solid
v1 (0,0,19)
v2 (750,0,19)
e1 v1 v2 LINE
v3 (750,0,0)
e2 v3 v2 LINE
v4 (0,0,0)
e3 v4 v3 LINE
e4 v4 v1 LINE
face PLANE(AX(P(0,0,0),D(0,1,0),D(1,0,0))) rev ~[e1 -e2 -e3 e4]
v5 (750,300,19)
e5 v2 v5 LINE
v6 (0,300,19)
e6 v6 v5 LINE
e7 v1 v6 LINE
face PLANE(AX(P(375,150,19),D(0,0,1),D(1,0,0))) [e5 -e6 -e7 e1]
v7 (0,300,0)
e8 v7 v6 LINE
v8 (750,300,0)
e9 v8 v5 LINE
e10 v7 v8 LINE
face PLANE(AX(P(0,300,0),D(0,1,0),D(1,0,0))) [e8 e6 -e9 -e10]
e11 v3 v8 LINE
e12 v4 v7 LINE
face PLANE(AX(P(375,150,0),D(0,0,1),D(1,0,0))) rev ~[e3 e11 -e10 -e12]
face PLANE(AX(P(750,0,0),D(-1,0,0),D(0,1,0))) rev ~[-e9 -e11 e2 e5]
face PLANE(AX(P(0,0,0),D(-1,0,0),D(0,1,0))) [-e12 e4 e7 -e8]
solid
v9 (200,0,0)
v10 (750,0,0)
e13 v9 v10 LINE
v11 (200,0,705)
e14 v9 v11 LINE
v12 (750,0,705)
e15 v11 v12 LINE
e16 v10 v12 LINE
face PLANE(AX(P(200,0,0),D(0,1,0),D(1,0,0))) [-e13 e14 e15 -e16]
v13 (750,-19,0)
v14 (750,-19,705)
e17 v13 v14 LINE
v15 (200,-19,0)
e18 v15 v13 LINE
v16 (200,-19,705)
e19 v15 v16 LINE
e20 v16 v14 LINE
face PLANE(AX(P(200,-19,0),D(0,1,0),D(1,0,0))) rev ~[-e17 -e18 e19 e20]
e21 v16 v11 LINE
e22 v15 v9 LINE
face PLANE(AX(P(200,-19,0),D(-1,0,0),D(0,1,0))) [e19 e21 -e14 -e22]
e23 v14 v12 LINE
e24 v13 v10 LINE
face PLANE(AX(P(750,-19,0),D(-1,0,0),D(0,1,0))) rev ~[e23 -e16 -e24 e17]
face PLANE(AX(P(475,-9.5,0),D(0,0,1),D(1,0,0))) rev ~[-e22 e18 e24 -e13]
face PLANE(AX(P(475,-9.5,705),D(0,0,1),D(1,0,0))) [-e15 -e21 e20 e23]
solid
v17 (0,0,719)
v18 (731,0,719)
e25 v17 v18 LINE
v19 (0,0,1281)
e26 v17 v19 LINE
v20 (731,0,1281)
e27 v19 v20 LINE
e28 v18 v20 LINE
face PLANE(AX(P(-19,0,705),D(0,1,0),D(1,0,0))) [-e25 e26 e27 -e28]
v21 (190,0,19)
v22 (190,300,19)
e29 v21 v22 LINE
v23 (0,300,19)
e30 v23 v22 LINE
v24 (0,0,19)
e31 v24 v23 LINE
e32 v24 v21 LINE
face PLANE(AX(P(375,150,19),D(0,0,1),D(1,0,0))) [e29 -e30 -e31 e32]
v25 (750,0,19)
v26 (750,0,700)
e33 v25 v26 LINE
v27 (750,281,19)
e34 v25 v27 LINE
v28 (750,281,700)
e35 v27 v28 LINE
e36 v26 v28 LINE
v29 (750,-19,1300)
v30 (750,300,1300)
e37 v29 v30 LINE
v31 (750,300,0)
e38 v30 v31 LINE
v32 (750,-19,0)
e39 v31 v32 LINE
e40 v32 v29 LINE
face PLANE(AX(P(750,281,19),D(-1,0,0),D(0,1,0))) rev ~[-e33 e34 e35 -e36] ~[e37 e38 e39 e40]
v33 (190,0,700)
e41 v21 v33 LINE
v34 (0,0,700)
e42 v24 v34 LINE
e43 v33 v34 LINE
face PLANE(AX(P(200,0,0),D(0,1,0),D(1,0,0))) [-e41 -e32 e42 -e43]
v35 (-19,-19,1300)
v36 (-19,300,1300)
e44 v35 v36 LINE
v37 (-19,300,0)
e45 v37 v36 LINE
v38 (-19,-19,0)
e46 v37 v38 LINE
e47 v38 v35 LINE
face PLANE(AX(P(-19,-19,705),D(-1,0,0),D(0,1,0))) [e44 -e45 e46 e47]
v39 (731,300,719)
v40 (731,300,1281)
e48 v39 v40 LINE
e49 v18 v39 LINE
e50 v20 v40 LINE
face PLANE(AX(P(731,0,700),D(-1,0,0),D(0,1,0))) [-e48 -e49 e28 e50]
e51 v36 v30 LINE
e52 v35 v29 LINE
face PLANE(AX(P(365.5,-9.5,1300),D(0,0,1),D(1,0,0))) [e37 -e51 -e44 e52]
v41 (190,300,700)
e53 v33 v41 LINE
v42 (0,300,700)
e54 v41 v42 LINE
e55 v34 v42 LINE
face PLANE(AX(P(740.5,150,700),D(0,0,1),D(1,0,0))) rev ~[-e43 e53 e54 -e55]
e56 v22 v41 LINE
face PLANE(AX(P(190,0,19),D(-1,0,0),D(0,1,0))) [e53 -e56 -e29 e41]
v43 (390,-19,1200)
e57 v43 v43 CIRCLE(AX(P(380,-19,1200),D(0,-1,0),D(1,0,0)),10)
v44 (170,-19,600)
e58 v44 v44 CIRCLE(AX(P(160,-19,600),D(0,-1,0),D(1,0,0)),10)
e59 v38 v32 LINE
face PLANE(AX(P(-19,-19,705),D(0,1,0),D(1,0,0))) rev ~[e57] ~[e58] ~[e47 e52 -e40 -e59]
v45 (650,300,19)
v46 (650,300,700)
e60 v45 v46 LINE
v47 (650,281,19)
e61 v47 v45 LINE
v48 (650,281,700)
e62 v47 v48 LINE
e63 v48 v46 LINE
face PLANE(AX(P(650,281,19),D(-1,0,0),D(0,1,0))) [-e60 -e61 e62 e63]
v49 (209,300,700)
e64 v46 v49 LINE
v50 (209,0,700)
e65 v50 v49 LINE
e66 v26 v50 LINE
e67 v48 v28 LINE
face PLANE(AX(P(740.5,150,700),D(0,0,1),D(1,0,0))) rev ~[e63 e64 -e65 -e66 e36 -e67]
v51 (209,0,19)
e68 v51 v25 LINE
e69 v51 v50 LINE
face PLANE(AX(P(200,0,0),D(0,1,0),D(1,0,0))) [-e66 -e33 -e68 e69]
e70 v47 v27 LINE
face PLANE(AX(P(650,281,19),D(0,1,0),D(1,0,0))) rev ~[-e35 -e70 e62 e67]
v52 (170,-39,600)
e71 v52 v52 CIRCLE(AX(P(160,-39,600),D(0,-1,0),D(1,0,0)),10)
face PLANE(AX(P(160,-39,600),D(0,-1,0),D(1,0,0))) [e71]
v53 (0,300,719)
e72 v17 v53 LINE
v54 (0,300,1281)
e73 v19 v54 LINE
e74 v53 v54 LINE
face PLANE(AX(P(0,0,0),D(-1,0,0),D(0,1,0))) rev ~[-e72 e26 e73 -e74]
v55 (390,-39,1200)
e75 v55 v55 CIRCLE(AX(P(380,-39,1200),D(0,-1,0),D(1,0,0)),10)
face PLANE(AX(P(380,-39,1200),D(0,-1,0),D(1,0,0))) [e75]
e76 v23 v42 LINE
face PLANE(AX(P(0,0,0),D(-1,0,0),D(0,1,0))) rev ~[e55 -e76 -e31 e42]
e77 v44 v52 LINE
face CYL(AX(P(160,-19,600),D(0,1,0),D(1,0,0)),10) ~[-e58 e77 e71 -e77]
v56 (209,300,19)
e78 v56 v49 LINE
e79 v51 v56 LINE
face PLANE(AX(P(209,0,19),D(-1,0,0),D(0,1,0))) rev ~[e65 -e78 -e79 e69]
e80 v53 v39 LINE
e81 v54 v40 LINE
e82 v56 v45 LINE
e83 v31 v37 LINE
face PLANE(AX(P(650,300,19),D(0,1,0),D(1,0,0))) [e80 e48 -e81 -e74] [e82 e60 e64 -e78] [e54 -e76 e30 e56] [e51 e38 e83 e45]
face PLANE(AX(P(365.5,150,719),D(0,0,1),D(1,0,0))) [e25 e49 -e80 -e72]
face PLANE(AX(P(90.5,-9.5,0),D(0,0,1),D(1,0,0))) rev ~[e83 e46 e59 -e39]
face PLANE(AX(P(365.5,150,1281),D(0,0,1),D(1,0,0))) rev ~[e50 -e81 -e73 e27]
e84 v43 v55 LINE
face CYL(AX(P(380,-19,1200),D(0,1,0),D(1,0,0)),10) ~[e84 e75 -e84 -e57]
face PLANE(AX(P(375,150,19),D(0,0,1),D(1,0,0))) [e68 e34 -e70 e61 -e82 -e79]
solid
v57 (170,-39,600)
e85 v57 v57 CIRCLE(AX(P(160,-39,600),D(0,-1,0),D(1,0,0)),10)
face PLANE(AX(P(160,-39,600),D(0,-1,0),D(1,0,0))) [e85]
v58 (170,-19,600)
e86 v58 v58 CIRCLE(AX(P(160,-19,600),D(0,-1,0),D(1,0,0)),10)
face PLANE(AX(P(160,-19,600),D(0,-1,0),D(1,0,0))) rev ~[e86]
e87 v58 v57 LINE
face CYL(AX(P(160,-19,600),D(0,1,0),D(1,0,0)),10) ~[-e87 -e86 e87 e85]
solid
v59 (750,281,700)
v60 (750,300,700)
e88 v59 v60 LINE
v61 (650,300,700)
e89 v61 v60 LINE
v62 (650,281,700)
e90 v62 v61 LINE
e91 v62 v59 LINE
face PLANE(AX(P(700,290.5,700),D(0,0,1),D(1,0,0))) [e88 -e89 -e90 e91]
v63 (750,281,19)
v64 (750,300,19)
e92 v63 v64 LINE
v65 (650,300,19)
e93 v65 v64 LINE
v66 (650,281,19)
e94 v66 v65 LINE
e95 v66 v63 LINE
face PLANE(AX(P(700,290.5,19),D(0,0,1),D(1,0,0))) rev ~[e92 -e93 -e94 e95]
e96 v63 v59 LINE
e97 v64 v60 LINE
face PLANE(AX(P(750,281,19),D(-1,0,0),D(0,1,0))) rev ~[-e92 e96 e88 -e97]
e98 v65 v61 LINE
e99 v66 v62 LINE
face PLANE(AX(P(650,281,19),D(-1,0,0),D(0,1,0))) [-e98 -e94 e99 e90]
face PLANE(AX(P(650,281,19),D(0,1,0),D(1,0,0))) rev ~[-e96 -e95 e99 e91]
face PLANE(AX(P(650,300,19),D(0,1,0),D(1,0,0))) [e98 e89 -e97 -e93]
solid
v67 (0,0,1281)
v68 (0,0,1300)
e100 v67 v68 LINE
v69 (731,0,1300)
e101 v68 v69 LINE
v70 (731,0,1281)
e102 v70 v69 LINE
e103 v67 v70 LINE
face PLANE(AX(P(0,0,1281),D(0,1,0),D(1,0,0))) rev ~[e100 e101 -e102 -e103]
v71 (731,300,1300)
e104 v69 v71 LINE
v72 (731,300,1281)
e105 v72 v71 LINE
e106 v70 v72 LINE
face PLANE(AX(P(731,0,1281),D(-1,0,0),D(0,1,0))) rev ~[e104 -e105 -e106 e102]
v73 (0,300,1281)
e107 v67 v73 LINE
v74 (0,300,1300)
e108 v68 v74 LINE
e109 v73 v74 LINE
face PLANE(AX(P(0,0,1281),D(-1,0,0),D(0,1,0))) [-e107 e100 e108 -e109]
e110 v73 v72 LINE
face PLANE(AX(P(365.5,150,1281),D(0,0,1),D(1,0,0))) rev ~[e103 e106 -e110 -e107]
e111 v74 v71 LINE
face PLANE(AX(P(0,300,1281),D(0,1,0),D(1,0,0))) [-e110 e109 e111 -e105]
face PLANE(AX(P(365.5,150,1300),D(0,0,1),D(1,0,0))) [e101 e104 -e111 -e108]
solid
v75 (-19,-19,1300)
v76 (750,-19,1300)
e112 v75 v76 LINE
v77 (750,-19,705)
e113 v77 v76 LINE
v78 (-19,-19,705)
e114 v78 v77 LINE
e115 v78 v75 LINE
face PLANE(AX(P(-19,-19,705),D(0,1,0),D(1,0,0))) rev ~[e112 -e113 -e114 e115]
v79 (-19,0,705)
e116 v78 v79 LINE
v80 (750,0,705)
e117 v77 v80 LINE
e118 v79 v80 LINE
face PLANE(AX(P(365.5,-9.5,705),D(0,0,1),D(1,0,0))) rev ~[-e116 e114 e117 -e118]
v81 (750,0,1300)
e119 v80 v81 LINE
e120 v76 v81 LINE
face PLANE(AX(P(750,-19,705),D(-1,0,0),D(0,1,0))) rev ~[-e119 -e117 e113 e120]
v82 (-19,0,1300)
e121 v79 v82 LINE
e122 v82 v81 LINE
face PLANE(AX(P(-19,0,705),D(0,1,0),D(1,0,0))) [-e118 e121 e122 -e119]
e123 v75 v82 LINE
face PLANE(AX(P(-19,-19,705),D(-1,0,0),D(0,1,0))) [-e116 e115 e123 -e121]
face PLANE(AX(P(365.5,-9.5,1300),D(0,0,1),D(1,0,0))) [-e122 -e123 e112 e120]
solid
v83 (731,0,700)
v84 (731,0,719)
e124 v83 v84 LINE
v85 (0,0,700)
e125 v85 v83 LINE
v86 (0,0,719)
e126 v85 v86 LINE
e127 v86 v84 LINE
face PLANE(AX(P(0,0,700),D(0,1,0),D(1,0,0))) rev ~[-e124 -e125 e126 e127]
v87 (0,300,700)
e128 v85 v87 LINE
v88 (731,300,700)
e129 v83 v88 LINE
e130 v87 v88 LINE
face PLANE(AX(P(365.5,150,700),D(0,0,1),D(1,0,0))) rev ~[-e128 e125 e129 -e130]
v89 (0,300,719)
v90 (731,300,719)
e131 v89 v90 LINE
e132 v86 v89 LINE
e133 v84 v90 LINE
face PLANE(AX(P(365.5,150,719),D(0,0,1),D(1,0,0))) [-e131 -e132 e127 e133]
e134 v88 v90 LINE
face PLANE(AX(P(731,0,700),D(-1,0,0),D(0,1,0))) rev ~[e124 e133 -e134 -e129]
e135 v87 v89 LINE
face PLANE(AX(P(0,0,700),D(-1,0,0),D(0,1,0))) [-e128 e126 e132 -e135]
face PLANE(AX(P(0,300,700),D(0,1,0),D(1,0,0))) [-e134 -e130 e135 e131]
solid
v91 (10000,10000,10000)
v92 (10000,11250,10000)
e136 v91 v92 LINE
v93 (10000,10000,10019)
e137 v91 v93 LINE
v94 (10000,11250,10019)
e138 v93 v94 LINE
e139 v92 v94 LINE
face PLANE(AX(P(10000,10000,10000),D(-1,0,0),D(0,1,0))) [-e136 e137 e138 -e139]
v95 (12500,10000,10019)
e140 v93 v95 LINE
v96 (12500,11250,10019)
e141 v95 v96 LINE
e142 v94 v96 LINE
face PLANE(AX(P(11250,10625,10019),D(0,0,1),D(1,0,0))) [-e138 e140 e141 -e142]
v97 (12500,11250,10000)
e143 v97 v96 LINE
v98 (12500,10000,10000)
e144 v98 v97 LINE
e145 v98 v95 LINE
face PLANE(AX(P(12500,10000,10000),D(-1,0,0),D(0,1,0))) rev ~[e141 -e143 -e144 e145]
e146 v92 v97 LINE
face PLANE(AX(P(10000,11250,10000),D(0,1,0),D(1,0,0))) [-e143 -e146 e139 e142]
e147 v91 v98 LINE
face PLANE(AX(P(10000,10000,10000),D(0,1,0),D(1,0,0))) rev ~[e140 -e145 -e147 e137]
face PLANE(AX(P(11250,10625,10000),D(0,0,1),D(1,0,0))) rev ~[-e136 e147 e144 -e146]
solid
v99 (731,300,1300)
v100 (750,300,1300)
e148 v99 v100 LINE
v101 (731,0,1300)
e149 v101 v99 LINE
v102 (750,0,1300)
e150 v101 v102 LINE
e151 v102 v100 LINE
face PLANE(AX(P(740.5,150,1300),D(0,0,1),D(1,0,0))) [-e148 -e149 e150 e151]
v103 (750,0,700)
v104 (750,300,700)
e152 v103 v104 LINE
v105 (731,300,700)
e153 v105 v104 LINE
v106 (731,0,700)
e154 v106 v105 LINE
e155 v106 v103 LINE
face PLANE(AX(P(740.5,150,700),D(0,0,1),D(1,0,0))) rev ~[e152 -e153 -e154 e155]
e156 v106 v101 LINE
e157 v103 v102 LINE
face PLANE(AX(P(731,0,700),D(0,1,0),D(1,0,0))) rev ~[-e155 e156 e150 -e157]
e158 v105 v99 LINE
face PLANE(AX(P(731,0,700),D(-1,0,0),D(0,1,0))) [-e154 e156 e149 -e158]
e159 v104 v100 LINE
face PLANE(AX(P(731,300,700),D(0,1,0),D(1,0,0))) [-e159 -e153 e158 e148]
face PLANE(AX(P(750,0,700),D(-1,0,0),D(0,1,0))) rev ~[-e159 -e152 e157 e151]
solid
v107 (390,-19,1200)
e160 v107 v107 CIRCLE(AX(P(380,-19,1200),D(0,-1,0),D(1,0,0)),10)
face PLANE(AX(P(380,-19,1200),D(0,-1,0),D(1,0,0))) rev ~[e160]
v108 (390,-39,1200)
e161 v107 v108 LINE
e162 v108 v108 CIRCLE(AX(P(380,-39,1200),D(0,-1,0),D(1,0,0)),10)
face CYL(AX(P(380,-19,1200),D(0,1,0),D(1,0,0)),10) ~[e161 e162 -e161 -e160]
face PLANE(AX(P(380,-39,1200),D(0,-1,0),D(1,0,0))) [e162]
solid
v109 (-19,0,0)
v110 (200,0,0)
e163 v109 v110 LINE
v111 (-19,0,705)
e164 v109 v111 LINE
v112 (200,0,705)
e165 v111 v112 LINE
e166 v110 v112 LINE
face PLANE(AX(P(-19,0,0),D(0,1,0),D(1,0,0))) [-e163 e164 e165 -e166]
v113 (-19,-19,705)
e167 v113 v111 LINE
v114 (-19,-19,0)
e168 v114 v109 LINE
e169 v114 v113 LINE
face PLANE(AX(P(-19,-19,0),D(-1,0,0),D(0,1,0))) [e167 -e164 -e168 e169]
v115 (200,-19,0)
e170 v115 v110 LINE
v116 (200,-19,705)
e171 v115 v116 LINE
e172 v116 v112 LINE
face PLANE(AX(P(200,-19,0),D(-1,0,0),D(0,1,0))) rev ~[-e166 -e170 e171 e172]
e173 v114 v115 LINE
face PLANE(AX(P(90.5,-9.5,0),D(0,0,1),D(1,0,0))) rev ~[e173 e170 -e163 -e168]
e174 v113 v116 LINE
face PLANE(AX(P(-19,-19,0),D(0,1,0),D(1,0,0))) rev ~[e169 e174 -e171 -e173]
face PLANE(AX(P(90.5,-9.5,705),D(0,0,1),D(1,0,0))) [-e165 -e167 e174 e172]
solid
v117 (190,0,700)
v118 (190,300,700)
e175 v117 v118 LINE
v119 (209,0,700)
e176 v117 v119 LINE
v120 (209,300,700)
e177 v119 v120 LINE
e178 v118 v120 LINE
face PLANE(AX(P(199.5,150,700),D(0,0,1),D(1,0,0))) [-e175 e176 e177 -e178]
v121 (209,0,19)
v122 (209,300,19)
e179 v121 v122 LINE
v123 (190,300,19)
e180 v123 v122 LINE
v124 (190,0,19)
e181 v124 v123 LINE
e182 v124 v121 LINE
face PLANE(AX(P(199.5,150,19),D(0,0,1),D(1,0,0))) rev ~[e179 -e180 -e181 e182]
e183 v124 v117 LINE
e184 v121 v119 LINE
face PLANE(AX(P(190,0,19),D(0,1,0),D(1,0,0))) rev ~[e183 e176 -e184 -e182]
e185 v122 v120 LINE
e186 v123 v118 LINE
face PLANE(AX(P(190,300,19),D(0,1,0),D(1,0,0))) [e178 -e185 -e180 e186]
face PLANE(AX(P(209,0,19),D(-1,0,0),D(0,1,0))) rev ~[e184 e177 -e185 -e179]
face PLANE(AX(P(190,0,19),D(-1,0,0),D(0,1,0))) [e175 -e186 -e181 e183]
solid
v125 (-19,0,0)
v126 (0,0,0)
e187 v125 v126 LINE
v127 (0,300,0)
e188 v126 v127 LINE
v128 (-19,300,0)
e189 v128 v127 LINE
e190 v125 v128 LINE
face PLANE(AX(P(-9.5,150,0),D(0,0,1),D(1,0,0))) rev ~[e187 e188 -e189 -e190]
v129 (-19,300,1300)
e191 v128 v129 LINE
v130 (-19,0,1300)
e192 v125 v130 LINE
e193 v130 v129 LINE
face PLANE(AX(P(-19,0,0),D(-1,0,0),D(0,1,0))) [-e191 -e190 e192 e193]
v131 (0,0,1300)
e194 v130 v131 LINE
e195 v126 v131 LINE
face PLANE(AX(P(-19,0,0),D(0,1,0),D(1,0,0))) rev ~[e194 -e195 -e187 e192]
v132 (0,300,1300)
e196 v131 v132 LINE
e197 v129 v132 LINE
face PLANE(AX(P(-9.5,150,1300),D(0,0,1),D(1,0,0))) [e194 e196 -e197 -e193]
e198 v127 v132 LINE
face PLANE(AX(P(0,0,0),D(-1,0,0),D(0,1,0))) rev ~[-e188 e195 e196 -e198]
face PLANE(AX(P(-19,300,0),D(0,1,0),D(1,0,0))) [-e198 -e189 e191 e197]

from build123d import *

# Parameters (mm, degrees)
BOX_W                  = 750
BOX_H                  = 300
BOX_DEPTH              = 19
BOX001_W               = 731
BOX001_H               = 300
BOX001_DEPTH           = 19
BOX002_W               = 731
BOX002_H               = 300
BOX002_DEPTH           = 19
BOX003_W               = 19
BOX003_H               = 300
BOX003_DEPTH           = 1300
BOX004_W               = 19
BOX004_H               = 300
BOX004_DEPTH           = 600
BOX005_W               = 550
BOX005_H               = 19
BOX005_DEPTH           = 705
BOX006_W               = 219
BOX006_H               = 19
BOX006_DEPTH           = 705
BOX007_W               = 19
BOX007_H               = 300
BOX007_DEPTH           = 681
BOX008_W               = 769
BOX008_H               = 19
BOX008_DEPTH           = 595
BOX009_W               = 100
BOX009_H               = 19
BOX009_DEPTH           = 681
CYLINDER_R             = 10
CYLINDER_DEPTH         = 20
CYLINDER_ROLL_ANGLE    = 90
CYLINDER001_R          = 10
CYLINDER001_DEPTH      = 20
CYLINDER001_ROLL_ANGLE = 90
BOX011_W               = 731
BOX011_H               = 300
BOX011_DEPTH           = 19
BOX012_W               = 731
BOX012_H               = 300
BOX012_DEPTH           = 19
BOX013_W               = 19
BOX013_H               = 300
BOX013_DEPTH           = 1300
BOX014_W               = 19
BOX014_H               = 300
BOX014_DEPTH           = 600
BOX015_W               = 550
BOX015_H               = 19
BOX015_DEPTH           = 705
BOX016_W               = 219
BOX016_H               = 19
BOX016_DEPTH           = 705
BOX017_W               = 19
BOX017_H               = 300
BOX017_DEPTH           = 681
BOX018_W               = 769
BOX018_H               = 19
BOX018_DEPTH           = 595
BOX019_W               = 100
BOX019_H               = 19
BOX019_DEPTH           = 681
CYLINDER002_R          = 10
CYLINDER002_DEPTH      = 20
CYLINDER002_ROLL_ANGLE = 90
CYLINDER003_R          = 10
CYLINDER003_DEPTH      = 20
CYLINDER003_ROLL_ANGLE = 90
BOX010_W               = 750
BOX010_H               = 300
BOX010_DEPTH           = 19
BOX020_W               = 2500
BOX020_H               = 1250
BOX020_DEPTH           = 19


with BuildPart() as boden:
    # Box → Box (new body)
    with BuildSketch(Plane.XY):
        with Locations((375, 150)):
            Rectangle(BOX_W, BOX_H)
    extrude(amount=BOX_DEPTH)


with BuildPart() as mittelebene:
    # Box001 → Box001 (new body)
    with BuildSketch(Plane.XY.offset(700)):
        with Locations((365.5, 150)):
            Rectangle(BOX001_W, BOX001_H)
    extrude(amount=BOX001_DEPTH)


with BuildPart() as deckel:
    # Box002 → Box002 (new body)
    with BuildSketch(Plane.XY.offset(1281)):
        with Locations((365.5, 150)):
            Rectangle(BOX002_W, BOX002_H)
    extrude(amount=BOX002_DEPTH)


with BuildPart() as seiteli:
    # Box003 → Box003 (new body)
    with BuildSketch(Plane(origin=(-19, 0, 0), x_dir=(1, 0, 0), z_dir=(0, 0, 1))):
        with Locations((9.5, 150)):
            Rectangle(BOX003_W, BOX003_H)
    extrude(amount=BOX003_DEPTH)


with BuildPart() as seitere:
    # Box004 → Box004 (new body)
    with BuildSketch(Plane(origin=(731, 0, 700), x_dir=(1, 0, 0), z_dir=(0, 0, 1))):
        with Locations((9.5, 150)):
            Rectangle(BOX004_W, BOX004_H)
    extrude(amount=BOX004_DEPTH)


with BuildPart() as abdeckungvo:
    # Box005 → Box005 (new body)
    with BuildSketch(Plane(origin=(200, -19, 0), x_dir=(1, 0, 0), z_dir=(0, 0, 1))):
        with Locations((275, 9.5)):
            Rectangle(BOX005_W, BOX005_H)
    extrude(amount=BOX005_DEPTH)


with BuildPart() as tuere:
    # Box006 → Box006 (new body)
    with BuildSketch(Plane(origin=(-19, -19, 0), x_dir=(1, 0, 0), z_dir=(0, 0, 1))):
        with Locations((109.5, 9.5)):
            Rectangle(BOX006_W, BOX006_H)
    extrude(amount=BOX006_DEPTH)


with BuildPart() as stuetzemi:
    # Box007 → Box007 (new body)
    with BuildSketch(Plane(origin=(190, 0, 19), x_dir=(1, 0, 0), z_dir=(0, 0, 1))):
        with Locations((9.5, 150)):
            Rectangle(BOX007_W, BOX007_H)
    extrude(amount=BOX007_DEPTH)


with BuildPart() as klappe:
    # Box008 → Box008 (new body)
    with BuildSketch(Plane(origin=(-19, -19, 705), x_dir=(1, 0, 0), z_dir=(0, 0, 1))):
        with Locations((384.5, 9.5)):
            Rectangle(BOX008_W, BOX008_H)
    extrude(amount=BOX008_DEPTH)


with BuildPart() as stuetzehi:
    # Box009 → Box009 (new body)
    with BuildSketch(Plane(origin=(650, 281, 19), x_dir=(1, 0, 0), z_dir=(0, 0, 1))):
        with Locations((50, 9.5)):
            Rectangle(BOX009_W, BOX009_H)
    extrude(amount=BOX009_DEPTH)


with BuildPart() as grifftuere:
    # Cylinder → Cylinder (new body)
    with BuildSketch(Plane.XY):
        Circle(CYLINDER_R)
    extrude(amount=CYLINDER_DEPTH)


with BuildPart() as grifftuere_1:
    # Cylinder roll: moved
    add(grifftuere.part.rotate(Axis((0, 0, 0), (1, 0, 0)), CYLINDER_ROLL_ANGLE))


with BuildPart() as grifftuere_2:
    # Cylinder placement: moved
    add(grifftuere_1.part.moved(Location((160, -19, 600))))


with BuildPart() as griffklappe:
    # Cylinder001 → Cylinder001 (new body)
    with BuildSketch(Plane.XY):
        Circle(CYLINDER001_R)
    extrude(amount=CYLINDER001_DEPTH)


with BuildPart() as griffklappe_1:
    # Cylinder001 roll: moved
    add(griffklappe.part.rotate(Axis((0, 0, 0), (1, 0, 0)), CYLINDER001_ROLL_ANGLE))


with BuildPart() as griffklappe_2:
    # Cylinder001 placement: moved
    add(griffklappe_1.part.moved(Location((380, -19, 1200))))


with BuildPart() as mittelebene001:
    # Box011 → Box011 (new body)
    with BuildSketch(Plane.XY.offset(700)):
        with Locations((365.5, 150)):
            Rectangle(BOX011_W, BOX011_H)
    extrude(amount=BOX011_DEPTH)


with BuildPart() as deckel001:
    # Box012 → Box012 (new body)
    with BuildSketch(Plane.XY.offset(1281)):
        with Locations((365.5, 150)):
            Rectangle(BOX012_W, BOX012_H)
    extrude(amount=BOX012_DEPTH)


with BuildPart() as seiteli001:
    # Box013 → Box013 (new body)
    with BuildSketch(Plane(origin=(-19, 0, 0), x_dir=(1, 0, 0), z_dir=(0, 0, 1))):
        with Locations((9.5, 150)):
            Rectangle(BOX013_W, BOX013_H)
    extrude(amount=BOX013_DEPTH)


with BuildPart() as seitere001:
    # Box014 → Box014 (new body)
    with BuildSketch(Plane(origin=(731, 0, 700), x_dir=(1, 0, 0), z_dir=(0, 0, 1))):
        with Locations((9.5, 150)):
            Rectangle(BOX014_W, BOX014_H)
    extrude(amount=BOX014_DEPTH)


with BuildPart() as abdeckungvo001:
    # Box015 → Box015 (new body)
    with BuildSketch(Plane(origin=(200, -19, 0), x_dir=(1, 0, 0), z_dir=(0, 0, 1))):
        with Locations((275, 9.5)):
            Rectangle(BOX015_W, BOX015_H)
    extrude(amount=BOX015_DEPTH)


with BuildPart() as tuere001:
    # Box016 → Box016 (new body)
    with BuildSketch(Plane(origin=(-19, -19, 0), x_dir=(1, 0, 0), z_dir=(0, 0, 1))):
        with Locations((109.5, 9.5)):
            Rectangle(BOX016_W, BOX016_H)
    extrude(amount=BOX016_DEPTH)


with BuildPart() as stuetzemi001:
    # Box017 → Box017 (new body)
    with BuildSketch(Plane(origin=(190, 0, 19), x_dir=(1, 0, 0), z_dir=(0, 0, 1))):
        with Locations((9.5, 150)):
            Rectangle(BOX017_W, BOX017_H)
    extrude(amount=BOX017_DEPTH)


with BuildPart() as klappe001:
    # Box018 → Box018 (new body)
    with BuildSketch(Plane(origin=(-19, -19, 705), x_dir=(1, 0, 0), z_dir=(0, 0, 1))):
        with Locations((384.5, 9.5)):
            Rectangle(BOX018_W, BOX018_H)
    extrude(amount=BOX018_DEPTH)


with BuildPart() as stuetzehi001:
    # Box019 → Box019 (new body)
    with BuildSketch(Plane(origin=(650, 281, 19), x_dir=(1, 0, 0), z_dir=(0, 0, 1))):
        with Locations((50, 9.5)):
            Rectangle(BOX019_W, BOX019_H)
    extrude(amount=BOX019_DEPTH)


with BuildPart() as grifftuere001:
    # Cylinder002 → Cylinder002 (new body)
    with BuildSketch(Plane.XY):
        Circle(CYLINDER002_R)
    extrude(amount=CYLINDER002_DEPTH)


with BuildPart() as grifftuere001_1:
    # Cylinder002 roll: moved
    add(grifftuere001.part.rotate(Axis((0, 0, 0), (1, 0, 0)), CYLINDER002_ROLL_ANGLE))


with BuildPart() as grifftuere001_2:
    # Cylinder002 placement: moved
    add(grifftuere001_1.part.moved(Location((160, -19, 600))))


with BuildPart() as griffklappe001:
    # Cylinder003 → Cylinder003 (new body)
    with BuildSketch(Plane.XY):
        Circle(CYLINDER003_R)
    extrude(amount=CYLINDER003_DEPTH)


with BuildPart() as griffklappe001_1:
    # Cylinder003 roll: moved
    add(griffklappe001.part.rotate(Axis((0, 0, 0), (1, 0, 0)), CYLINDER003_ROLL_ANGLE))


with BuildPart() as griffklappe001_2:
    # Cylinder003 placement: moved
    add(griffklappe001_1.part.moved(Location((380, -19, 1200))))


with BuildPart() as connect:
    # Box010 → Box010 (new body)
    with BuildSketch(Plane.XY):
        with Locations((375, 150)):
            Rectangle(BOX010_W, BOX010_H)
    extrude(amount=BOX010_DEPTH)

    # Connect: union Mittelebene001, Deckel001, SeiteLi001, SeiteRe001, AbdeckungVo001, Tuere001, StuetzeMi001, Klappe001, StuetzeHi001, GriffTuere001, GriffKlappe001
    add(mittelebene001.part)
    add(deckel001.part)
    add(seiteli001.part)
    add(seitere001.part)
    add(abdeckungvo001.part)
    add(tuere001.part)
    add(stuetzemi001.part)
    add(klappe001.part)
    add(stuetzehi001.part)
    add(grifftuere001_2.part)
    add(griffklappe001_2.part)


with BuildPart() as w_rfel:
    # Box020 → Box020 (new body)
    with BuildSketch(Plane(origin=(10000, 10000, 10000), x_dir=(1, 0, 0), z_dir=(0, 0, 1))):
        with Locations((1250, 625)):
            Rectangle(BOX020_W, BOX020_H)
    extrude(amount=BOX020_DEPTH)


solid = Compound([boden.part, mittelebene.part, deckel.part, seiteli.part, seitere.part, abdeckungvo.part, tuere.part, stuetzemi.part, klappe.part, stuetzehi.part, grifftuere_2.part, griffklappe_2.part, connect.part, w_rfel.part])
